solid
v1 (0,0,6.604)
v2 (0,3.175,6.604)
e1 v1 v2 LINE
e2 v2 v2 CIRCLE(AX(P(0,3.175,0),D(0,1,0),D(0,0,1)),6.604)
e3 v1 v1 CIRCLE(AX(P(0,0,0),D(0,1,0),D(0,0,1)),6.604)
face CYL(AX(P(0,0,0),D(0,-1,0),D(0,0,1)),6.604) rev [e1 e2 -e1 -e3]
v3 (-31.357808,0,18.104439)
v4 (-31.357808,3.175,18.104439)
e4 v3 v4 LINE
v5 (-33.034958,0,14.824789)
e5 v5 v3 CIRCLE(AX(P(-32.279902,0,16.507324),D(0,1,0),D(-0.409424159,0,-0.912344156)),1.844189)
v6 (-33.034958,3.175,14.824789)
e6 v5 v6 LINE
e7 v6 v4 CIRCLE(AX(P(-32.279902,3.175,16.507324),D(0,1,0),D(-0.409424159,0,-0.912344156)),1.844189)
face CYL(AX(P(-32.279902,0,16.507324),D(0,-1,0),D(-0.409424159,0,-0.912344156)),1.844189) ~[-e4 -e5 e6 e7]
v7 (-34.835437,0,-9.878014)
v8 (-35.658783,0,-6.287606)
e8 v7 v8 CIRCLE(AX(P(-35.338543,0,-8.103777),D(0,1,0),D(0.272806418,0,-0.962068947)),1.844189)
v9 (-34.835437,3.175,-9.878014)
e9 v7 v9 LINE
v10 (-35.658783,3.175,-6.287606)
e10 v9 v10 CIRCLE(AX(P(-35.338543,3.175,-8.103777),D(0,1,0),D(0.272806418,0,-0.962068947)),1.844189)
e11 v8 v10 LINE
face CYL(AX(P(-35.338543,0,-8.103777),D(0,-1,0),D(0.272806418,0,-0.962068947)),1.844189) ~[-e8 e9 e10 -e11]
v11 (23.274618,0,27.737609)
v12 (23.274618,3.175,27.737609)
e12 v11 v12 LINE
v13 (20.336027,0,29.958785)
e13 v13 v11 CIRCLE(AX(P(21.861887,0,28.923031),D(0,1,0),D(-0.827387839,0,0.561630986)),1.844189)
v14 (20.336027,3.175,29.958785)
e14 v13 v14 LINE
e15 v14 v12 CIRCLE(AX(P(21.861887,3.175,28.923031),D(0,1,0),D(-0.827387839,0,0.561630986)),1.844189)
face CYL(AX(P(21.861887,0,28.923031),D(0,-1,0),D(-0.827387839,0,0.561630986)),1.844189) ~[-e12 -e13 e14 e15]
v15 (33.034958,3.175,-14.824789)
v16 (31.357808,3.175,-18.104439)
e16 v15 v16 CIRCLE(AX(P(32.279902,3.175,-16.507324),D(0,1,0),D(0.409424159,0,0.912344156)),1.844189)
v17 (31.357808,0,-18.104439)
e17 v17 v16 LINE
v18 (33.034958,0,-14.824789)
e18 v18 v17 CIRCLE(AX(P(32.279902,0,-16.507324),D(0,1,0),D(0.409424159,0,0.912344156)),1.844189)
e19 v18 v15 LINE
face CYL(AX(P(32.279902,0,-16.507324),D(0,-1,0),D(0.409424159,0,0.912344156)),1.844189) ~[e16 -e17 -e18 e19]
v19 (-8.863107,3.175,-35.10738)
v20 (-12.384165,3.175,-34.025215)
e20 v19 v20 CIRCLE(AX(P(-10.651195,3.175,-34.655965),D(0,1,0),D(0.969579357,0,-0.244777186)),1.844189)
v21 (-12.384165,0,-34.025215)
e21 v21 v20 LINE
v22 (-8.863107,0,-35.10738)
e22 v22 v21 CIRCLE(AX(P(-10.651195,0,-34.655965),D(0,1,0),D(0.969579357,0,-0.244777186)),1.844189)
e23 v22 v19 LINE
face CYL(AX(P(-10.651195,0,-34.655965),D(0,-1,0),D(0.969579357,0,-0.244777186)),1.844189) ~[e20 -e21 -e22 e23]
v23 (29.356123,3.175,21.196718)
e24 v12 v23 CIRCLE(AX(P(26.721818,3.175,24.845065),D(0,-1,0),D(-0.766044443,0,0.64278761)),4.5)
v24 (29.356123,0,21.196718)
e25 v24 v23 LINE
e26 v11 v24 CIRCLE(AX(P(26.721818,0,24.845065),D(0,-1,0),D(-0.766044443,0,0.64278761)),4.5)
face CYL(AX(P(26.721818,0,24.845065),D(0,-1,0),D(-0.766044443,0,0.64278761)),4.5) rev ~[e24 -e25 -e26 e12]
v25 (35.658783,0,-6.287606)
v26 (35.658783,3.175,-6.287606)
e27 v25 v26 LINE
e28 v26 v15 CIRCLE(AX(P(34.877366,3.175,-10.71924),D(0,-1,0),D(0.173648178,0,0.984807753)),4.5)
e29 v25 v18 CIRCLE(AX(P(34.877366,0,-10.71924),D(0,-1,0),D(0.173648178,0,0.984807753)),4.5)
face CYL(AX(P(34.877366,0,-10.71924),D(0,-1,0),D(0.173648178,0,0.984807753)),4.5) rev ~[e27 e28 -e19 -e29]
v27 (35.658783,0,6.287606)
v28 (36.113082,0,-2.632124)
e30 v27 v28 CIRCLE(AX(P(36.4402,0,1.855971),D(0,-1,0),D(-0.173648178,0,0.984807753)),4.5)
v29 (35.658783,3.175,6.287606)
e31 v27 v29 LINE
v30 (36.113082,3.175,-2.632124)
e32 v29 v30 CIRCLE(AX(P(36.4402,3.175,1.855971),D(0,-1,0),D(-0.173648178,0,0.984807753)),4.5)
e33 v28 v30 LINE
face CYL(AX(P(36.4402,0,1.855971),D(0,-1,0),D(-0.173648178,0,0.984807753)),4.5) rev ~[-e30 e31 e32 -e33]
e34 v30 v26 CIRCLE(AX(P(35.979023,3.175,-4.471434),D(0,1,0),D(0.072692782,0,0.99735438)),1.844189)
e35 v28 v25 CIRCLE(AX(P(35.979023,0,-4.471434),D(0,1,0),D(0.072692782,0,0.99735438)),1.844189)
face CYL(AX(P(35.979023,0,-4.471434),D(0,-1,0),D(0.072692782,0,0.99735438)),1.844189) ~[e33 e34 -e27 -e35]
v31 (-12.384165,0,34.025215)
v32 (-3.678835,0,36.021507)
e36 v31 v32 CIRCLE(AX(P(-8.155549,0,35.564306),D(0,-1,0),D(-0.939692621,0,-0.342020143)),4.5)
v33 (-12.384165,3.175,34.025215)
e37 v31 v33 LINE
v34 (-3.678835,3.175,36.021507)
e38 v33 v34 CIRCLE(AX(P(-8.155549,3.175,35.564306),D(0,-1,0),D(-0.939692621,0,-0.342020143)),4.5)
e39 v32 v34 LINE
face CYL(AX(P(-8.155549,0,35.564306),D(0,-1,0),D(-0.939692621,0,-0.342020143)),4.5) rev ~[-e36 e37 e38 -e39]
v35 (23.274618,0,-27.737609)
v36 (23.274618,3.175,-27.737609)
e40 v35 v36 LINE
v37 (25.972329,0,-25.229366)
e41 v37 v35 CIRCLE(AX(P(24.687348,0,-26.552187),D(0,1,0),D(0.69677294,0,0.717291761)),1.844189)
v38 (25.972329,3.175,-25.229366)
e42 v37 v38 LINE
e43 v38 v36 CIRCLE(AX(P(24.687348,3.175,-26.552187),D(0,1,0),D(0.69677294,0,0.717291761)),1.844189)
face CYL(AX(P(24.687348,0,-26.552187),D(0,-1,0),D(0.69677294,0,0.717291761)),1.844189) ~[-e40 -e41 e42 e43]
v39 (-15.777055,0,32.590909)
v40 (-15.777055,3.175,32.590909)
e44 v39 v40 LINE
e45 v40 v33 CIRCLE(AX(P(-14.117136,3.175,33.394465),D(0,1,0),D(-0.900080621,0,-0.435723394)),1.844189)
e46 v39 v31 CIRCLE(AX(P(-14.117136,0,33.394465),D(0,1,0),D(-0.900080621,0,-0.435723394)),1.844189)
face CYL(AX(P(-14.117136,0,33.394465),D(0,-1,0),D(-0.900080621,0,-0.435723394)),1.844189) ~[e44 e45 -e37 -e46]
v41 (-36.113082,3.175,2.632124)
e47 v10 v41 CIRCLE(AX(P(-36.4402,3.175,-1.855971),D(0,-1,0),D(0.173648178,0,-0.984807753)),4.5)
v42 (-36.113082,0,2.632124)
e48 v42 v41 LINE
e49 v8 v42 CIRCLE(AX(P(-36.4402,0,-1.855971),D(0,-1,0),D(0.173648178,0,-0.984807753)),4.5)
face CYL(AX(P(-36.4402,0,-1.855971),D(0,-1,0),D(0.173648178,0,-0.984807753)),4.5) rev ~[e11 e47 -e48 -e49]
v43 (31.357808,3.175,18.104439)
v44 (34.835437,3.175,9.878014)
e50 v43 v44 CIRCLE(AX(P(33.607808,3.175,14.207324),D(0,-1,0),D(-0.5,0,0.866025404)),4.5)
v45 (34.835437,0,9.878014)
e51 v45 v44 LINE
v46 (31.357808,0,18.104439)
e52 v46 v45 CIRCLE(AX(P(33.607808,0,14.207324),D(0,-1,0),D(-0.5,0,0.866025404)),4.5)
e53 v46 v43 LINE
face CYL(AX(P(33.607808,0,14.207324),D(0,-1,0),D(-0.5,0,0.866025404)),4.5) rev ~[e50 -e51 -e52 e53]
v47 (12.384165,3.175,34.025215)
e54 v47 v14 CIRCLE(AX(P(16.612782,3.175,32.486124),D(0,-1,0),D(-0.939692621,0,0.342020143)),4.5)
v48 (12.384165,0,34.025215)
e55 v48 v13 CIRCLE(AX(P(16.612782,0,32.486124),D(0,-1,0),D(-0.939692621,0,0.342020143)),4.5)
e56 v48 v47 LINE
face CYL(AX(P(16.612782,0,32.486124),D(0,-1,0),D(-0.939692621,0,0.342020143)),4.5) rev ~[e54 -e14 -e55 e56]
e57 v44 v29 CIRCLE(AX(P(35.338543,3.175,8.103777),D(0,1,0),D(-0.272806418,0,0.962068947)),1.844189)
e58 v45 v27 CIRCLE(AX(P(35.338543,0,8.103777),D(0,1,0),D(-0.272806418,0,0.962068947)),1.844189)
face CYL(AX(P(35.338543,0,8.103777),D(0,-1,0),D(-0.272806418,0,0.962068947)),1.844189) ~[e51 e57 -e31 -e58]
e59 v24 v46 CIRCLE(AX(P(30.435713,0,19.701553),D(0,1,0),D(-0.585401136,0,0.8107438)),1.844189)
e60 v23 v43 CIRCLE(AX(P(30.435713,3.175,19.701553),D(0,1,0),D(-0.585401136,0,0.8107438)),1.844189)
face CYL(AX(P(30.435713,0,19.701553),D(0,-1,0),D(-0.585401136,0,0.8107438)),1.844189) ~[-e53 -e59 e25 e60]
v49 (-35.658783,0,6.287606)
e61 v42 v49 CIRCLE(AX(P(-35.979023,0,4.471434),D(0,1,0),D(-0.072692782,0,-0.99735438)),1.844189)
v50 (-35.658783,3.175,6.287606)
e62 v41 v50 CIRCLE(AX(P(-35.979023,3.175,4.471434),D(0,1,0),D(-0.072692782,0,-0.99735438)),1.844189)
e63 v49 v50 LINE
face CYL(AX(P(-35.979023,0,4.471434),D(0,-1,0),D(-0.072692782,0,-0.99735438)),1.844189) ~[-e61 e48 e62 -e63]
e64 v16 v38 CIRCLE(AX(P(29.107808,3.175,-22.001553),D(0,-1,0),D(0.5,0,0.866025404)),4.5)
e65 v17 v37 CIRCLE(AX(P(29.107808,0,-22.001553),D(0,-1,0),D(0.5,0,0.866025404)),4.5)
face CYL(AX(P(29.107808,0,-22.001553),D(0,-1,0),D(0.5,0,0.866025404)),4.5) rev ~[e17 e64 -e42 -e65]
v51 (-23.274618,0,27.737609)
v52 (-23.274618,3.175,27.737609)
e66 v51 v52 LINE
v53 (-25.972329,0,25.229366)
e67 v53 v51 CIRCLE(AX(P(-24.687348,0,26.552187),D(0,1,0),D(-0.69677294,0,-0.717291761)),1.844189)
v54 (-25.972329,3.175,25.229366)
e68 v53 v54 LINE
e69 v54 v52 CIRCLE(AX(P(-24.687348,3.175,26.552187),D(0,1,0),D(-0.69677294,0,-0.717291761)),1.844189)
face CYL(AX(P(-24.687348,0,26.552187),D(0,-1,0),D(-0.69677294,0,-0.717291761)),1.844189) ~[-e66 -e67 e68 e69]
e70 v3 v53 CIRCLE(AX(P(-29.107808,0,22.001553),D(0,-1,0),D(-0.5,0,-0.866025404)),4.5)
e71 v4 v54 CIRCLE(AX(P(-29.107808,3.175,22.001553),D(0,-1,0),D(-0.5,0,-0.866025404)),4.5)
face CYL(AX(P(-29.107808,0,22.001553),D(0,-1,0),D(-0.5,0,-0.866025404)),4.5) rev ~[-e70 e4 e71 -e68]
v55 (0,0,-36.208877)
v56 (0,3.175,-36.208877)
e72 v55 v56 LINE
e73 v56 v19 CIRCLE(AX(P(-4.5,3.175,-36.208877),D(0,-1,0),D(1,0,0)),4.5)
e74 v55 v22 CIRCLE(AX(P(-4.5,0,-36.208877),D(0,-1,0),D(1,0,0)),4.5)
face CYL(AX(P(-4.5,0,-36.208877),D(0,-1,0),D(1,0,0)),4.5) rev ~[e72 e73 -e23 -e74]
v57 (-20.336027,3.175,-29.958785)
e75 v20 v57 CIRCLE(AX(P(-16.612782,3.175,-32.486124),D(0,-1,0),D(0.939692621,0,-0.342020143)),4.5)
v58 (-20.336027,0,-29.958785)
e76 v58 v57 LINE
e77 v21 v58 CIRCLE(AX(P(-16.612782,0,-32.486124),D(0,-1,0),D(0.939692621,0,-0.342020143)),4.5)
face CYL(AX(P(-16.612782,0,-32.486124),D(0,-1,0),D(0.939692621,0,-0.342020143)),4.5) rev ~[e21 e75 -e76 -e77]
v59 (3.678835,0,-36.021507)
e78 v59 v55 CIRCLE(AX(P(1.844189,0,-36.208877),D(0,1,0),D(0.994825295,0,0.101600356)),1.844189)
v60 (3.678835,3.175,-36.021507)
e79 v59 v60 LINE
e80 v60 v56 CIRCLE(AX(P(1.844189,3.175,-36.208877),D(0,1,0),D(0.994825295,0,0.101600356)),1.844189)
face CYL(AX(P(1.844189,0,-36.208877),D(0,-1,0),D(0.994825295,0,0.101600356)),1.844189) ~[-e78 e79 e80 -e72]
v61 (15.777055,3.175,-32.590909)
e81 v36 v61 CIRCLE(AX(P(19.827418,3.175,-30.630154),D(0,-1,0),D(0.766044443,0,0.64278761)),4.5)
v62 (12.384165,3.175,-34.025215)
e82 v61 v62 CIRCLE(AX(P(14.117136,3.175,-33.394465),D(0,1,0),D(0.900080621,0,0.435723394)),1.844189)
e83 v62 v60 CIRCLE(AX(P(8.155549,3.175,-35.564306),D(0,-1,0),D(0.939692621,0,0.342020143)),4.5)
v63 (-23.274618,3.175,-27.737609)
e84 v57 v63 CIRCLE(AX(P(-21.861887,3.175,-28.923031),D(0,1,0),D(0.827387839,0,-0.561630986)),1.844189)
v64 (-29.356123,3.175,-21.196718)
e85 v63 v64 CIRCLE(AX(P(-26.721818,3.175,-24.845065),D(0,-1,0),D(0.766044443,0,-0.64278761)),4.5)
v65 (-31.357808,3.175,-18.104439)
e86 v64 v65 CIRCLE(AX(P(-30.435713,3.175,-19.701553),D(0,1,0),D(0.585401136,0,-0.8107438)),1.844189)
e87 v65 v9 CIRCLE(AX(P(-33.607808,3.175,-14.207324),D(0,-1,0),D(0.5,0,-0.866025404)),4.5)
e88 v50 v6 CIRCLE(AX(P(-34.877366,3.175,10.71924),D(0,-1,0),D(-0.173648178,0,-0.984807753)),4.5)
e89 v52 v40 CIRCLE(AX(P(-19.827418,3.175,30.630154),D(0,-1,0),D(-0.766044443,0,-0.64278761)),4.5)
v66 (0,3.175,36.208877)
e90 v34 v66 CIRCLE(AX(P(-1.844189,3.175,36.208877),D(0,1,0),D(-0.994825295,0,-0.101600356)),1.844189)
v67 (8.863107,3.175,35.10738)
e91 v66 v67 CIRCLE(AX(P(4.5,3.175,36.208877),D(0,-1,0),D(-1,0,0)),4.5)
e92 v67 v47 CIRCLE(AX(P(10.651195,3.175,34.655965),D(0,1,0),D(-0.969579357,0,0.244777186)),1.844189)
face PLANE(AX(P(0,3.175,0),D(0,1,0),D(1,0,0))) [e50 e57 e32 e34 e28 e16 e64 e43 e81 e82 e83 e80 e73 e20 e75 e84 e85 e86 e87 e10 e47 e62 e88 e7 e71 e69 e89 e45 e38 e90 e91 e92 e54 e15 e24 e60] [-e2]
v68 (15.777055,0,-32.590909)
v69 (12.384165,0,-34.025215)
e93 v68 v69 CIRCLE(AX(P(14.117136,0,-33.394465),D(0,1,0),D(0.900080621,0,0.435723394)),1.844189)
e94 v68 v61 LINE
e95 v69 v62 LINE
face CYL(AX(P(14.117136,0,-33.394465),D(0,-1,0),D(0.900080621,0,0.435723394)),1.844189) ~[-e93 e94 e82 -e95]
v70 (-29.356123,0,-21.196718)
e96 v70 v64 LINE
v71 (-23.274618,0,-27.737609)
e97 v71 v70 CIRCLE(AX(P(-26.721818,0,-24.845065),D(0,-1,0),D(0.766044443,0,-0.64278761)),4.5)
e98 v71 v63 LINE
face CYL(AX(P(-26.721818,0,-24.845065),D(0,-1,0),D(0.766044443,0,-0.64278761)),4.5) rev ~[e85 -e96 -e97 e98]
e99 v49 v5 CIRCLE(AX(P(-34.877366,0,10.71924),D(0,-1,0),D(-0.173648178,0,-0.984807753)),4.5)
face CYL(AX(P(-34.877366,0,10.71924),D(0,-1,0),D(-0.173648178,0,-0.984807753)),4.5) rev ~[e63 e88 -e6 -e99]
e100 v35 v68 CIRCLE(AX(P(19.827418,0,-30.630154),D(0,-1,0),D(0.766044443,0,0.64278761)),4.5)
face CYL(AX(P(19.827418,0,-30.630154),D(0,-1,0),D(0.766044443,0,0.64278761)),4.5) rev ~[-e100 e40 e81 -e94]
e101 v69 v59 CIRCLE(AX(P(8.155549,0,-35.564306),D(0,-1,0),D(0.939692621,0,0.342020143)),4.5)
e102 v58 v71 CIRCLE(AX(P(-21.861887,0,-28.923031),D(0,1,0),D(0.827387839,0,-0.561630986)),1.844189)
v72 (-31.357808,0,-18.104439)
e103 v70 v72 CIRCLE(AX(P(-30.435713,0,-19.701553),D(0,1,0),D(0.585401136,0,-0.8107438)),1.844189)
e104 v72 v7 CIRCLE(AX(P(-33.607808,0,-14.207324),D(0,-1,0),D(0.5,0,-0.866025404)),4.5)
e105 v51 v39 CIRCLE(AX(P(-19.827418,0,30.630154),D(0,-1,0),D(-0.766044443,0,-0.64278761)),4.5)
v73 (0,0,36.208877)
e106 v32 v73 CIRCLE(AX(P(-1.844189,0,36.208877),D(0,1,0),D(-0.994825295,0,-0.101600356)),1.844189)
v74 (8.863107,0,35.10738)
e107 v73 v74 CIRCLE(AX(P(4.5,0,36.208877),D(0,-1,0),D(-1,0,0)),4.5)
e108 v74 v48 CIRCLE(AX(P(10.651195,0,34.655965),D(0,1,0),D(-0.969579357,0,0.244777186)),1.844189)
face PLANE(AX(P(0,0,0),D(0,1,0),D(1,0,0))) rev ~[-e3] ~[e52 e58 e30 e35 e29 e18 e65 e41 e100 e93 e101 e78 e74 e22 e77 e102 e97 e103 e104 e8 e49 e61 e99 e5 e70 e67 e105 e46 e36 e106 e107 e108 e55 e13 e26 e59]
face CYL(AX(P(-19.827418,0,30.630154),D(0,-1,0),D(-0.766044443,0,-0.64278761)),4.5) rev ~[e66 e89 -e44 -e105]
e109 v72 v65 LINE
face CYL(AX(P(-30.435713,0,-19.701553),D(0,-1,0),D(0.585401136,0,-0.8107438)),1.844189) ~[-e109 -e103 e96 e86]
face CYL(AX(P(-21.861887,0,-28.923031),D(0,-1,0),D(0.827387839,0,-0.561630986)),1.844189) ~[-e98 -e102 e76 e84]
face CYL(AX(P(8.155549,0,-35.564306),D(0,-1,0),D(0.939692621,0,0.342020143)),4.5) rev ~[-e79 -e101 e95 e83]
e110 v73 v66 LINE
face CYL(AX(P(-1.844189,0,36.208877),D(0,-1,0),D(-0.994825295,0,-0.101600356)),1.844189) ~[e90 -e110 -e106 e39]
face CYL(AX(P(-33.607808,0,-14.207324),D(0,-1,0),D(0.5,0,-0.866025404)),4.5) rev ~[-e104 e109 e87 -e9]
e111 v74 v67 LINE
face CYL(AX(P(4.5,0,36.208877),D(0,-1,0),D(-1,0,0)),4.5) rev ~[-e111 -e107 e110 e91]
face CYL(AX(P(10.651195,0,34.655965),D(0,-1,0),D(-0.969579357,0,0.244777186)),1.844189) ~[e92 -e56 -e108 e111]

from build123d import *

# Parameters (mm, degrees)
SKETCH1_R           = 6.604
BOSS_EXTRUDE1_DEPTH = 3.175


with BuildPart() as part:
    # Sketch1 → Boss-Extrude1 (new body)
    with BuildSketch(Plane(origin=(0, 0, 0), x_dir=(1, 0, 0), z_dir=(0, 1, 0))):
        with BuildLine():
            ThreePointArc((0, -36.208877371), (3.945014404, -31.74323173), (8.863107106, -35.107380035))
            ThreePointArc((8.863107106, -35.107380035), (11.19297859, -36.418775793), (12.384165428, -34.025214873))
            ThreePointArc((12.384165428, -34.025214873), (14.563925591, -28.479606225), (20.336027496, -29.958784791))
            ThreePointArc((20.336027496, -29.958784791), (22.973914302, -30.39423073), (23.274617735, -27.737609302))
            ThreePointArc((23.274617735, -27.737609302), (23.42621241, -21.780919895), (29.356122842, -21.196717957))
            ThreePointArc((29.356122842, -21.196717957), (31.98385689, -20.703692869), (31.357807646, -18.104438686))
            ThreePointArc((31.357807646, -18.104438686), (29.462952279, -12.455133173), (34.835436523, -9.878014107))
            ThreePointArc((34.835436523, -9.878014107), (37.136074307, -8.515984094), (35.658783163, -6.287605571))
            ThreePointArc((35.658783163, -6.287605571), (31.946025276, -1.627073572), (36.113082444, 2.632124028))
            ThreePointArc((36.113082444, 2.632124028), (37.809133091, 4.698878045), (35.658783163, 6.287605571))
            ThreePointArc((35.658783163, 6.287605571), (30.575936152, 9.397235114), (33.034957649, 14.824789159))
            ThreePointArc((33.034957649, 14.824789159), (33.921852422, 17.346986144), (31.357807646, 18.104438686))
            ThreePointArc((31.357807646, 18.104438686), (25.517937875, 19.288098557), (25.972329417, 25.229365928))
            ThreePointArc((25.972329417, 25.229365928), (25.943095717, 27.902791699), (23.274617735, 27.737609302))
            ThreePointArc((23.274617735, 27.737609302), (17.382099685, 26.852532653), (15.777054948, 32.590908819))
            ThreePointArc((15.777054948, 32.590908819), (14.835218789, 35.093108775), (12.384165428, 34.025214873))
            ThreePointArc((12.384165428, 34.025214873), (7.149723742, 31.178155009), (3.678834807, 36.021507116))
            ThreePointArc((3.678834807, 36.021507116), (1.937995531, 38.050679013), (0, 36.208877371))
            ThreePointArc((0, 36.208877371), (-3.945014404, 31.74323173), (-8.863107106, 35.107380035))
            ThreePointArc((-8.863107106, 35.107380035), (-11.19297859, 36.418775793), (-12.384165428, 34.025214873))
            ThreePointArc((-12.384165428, 34.025214873), (-14.563925591, 28.479606225), (-20.336027496, 29.958784791))
            ThreePointArc((-20.336027496, 29.958784791), (-22.973914302, 30.39423073), (-23.274617735, 27.737609302))
            ThreePointArc((-23.274617735, 27.737609302), (-23.42621241, 21.780919895), (-29.356122842, 21.196717957))
            ThreePointArc((-29.356122842, 21.196717957), (-31.98385689, 20.703692869), (-31.357807646, 18.104438686))
            ThreePointArc((-31.357807646, 18.104438686), (-29.462952279, 12.455133173), (-34.835436523, 9.878014107))
            ThreePointArc((-34.835436523, 9.878014107), (-37.136074307, 8.515984094), (-35.658783163, 6.287605571))
            ThreePointArc((-35.658783163, 6.287605571), (-31.946025276, 1.627073572), (-36.113082444, -2.632124028))
            ThreePointArc((-36.113082444, -2.632124028), (-37.809133091, -4.698878045), (-35.658783163, -6.287605571))
            ThreePointArc((-35.658783163, -6.287605571), (-30.575936152, -9.397235114), (-33.034957649, -14.824789159))
            ThreePointArc((-33.034957649, -14.824789159), (-33.921852422, -17.346986144), (-31.357807646, -18.104438686))
            ThreePointArc((-31.357807646, -18.104438686), (-25.517937875, -19.288098557), (-25.972329417, -25.229365928))
            ThreePointArc((-25.972329417, -25.229365928), (-25.943095717, -27.902791699), (-23.274617735, -27.737609302))
            ThreePointArc((-23.274617735, -27.737609302), (-17.382099685, -26.852532653), (-15.777054948, -32.590908819))
            ThreePointArc((-15.777054948, -32.590908819), (-14.835218789, -35.093108775), (-12.384165428, -34.025214873))
            ThreePointArc((-12.384165428, -34.025214873), (-7.149723742, -31.178155009), (-3.678834807, -36.021507116))
            ThreePointArc((-3.678834807, -36.021507116), (-1.937995531, -38.050679013), (0, -36.208877371))
        make_face()
        with Locations(Location((0, 0, 0), (0, 0, 270))):  # turned: the seam where the file's is
            Circle(SKETCH1_R, mode=Mode.SUBTRACT)
    extrude(amount=BOSS_EXTRUDE1_DEPTH)


solid = part.part
